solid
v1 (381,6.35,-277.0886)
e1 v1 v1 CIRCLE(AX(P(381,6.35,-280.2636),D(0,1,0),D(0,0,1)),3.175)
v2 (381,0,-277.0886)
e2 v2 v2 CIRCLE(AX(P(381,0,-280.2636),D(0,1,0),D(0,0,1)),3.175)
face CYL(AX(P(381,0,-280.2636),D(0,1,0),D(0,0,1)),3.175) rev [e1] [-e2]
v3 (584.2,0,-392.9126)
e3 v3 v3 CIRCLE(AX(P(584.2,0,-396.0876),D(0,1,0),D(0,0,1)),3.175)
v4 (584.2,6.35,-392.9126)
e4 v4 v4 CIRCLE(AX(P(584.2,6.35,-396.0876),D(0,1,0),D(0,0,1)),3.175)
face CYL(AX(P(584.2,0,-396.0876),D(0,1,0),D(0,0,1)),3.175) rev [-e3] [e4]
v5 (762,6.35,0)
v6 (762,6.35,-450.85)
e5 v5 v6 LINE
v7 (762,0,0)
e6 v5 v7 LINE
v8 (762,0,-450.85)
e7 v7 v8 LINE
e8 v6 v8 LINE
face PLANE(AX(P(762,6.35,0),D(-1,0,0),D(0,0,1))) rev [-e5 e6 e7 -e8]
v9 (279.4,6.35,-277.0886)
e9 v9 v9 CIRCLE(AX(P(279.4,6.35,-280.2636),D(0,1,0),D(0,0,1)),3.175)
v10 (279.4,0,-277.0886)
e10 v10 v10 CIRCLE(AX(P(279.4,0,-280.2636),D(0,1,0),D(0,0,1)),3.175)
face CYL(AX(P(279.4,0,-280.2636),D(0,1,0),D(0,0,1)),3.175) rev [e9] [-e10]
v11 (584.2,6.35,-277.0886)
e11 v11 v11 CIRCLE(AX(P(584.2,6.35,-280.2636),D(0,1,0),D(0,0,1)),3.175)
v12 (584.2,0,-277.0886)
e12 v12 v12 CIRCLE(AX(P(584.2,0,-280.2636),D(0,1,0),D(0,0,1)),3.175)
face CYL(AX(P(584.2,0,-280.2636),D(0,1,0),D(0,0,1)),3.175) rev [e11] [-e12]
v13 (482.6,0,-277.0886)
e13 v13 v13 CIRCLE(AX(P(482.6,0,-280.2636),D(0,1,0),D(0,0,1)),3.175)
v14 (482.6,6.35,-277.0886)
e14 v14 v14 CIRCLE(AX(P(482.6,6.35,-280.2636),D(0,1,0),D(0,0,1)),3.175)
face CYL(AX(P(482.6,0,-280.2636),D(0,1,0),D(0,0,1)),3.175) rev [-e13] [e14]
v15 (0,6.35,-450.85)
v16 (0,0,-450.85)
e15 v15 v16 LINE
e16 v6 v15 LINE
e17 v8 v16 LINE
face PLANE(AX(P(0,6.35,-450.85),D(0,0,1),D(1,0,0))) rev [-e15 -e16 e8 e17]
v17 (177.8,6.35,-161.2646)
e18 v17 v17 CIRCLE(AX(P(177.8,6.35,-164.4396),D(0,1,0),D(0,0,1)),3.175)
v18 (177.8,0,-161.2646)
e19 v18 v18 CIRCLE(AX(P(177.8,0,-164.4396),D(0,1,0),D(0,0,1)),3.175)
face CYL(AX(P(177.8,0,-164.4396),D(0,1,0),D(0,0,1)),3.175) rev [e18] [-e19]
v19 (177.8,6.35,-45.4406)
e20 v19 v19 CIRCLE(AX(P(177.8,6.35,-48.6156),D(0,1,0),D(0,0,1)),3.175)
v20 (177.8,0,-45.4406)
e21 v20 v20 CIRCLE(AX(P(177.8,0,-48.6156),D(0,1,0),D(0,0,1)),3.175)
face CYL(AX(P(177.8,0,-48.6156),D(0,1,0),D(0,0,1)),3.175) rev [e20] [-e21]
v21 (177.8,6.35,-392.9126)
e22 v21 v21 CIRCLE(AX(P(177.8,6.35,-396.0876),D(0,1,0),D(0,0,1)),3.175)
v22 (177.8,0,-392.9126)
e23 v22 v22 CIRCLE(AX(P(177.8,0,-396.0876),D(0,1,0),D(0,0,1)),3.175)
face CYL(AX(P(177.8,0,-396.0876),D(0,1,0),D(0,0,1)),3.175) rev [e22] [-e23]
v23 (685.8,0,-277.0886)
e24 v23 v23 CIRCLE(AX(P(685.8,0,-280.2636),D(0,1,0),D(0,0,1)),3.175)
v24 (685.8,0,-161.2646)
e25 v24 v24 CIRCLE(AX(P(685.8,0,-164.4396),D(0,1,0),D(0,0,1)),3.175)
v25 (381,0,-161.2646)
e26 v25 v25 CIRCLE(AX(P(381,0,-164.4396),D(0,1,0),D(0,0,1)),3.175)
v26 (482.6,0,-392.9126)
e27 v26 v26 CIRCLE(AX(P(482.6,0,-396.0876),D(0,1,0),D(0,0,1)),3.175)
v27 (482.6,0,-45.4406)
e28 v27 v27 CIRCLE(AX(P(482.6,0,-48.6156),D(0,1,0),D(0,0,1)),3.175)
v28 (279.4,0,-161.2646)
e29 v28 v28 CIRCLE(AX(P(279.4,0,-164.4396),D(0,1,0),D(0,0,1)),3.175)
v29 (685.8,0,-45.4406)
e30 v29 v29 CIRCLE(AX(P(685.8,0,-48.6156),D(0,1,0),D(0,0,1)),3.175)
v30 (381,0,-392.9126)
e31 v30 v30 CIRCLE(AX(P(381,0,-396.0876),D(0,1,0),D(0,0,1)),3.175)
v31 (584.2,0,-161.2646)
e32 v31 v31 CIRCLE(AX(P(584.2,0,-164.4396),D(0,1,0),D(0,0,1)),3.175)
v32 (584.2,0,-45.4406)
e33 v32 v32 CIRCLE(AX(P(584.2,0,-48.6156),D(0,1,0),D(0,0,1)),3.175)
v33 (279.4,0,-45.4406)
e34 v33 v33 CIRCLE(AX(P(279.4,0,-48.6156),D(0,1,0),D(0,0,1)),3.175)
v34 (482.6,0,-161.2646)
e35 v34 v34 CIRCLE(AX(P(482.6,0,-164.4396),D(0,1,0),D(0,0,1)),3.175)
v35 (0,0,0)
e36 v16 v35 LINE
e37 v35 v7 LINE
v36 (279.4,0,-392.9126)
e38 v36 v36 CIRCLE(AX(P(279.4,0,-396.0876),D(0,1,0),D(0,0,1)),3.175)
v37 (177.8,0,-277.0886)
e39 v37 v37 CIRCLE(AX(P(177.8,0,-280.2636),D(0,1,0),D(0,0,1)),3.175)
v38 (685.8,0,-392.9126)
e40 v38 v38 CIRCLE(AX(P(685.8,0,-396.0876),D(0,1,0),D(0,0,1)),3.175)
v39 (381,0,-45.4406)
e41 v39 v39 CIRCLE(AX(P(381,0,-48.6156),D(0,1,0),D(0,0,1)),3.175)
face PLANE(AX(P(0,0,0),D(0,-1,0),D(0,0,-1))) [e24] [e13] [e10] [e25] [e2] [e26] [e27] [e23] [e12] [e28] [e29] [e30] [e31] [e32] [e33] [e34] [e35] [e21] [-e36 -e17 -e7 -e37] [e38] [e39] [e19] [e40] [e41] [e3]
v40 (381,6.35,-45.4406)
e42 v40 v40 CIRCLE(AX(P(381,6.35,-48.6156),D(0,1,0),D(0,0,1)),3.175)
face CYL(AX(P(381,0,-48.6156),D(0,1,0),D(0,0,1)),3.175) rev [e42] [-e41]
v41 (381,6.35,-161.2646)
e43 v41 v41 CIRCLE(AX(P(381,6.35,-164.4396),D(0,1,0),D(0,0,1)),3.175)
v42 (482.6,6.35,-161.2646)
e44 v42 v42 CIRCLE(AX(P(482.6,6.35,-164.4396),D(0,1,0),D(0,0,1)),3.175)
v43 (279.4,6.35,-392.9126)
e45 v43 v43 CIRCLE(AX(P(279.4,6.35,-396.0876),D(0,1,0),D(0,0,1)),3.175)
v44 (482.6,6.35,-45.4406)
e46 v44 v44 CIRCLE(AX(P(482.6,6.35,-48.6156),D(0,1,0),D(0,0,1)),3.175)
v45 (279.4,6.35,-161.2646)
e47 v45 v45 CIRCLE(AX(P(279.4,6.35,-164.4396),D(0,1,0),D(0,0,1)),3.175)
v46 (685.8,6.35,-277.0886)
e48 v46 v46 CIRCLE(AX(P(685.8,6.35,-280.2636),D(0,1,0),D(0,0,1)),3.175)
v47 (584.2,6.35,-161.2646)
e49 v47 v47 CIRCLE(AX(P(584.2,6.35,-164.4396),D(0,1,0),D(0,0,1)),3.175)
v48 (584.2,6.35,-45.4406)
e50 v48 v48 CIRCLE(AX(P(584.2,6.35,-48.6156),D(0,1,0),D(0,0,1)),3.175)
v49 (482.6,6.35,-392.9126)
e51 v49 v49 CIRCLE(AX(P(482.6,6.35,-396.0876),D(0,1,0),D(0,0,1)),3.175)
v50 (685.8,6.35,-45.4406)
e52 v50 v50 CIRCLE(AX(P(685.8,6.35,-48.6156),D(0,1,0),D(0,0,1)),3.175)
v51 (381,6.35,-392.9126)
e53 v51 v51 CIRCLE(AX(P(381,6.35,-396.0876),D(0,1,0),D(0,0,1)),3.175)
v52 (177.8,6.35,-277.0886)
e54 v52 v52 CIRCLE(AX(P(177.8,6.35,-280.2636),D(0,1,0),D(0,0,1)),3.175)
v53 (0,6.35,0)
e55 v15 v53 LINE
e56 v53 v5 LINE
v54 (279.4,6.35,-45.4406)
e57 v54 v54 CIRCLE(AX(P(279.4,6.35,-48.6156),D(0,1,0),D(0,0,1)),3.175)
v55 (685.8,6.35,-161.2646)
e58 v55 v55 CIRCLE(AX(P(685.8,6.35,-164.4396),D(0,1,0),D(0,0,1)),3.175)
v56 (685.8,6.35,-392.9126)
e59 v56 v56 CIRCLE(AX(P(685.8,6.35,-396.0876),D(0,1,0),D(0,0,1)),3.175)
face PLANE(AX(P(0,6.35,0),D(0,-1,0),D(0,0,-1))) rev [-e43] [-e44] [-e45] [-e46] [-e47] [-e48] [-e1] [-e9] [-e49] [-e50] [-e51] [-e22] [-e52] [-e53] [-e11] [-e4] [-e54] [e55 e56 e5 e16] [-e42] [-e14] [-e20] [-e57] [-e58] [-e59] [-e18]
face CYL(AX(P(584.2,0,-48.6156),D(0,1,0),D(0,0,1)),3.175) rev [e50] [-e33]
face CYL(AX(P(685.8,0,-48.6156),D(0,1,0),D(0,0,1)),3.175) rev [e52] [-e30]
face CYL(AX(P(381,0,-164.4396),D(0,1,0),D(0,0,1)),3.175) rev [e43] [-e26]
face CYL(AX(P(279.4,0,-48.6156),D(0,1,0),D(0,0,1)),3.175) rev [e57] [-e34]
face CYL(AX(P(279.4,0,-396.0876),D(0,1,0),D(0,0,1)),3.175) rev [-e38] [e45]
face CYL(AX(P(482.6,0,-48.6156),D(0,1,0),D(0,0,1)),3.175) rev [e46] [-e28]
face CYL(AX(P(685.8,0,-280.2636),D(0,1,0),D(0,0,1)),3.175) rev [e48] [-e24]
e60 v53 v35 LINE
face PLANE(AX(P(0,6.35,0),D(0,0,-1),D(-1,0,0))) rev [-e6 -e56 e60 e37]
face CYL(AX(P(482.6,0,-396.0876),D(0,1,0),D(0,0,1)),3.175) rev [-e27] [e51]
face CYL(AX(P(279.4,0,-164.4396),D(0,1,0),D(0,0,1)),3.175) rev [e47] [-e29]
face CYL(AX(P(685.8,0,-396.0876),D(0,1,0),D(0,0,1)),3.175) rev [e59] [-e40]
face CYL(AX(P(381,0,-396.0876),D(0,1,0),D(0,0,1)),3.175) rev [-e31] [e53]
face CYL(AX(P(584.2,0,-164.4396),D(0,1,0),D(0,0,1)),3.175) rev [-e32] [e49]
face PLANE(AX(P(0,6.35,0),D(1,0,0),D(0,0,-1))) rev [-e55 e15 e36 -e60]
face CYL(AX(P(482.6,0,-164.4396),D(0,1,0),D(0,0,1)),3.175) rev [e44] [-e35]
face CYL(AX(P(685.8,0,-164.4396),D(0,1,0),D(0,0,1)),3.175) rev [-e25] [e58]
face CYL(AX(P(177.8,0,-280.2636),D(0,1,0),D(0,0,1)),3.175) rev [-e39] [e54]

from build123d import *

# Parameters (mm, degrees)
SKETCH1_W           = 762
SKETCH1_H           = 450.85
BOSS_EXTRUDE1_DEPTH = 6.35
SKETCH2_R           = 3.175
CUT_EXTRUDE1_DEPTH  = 6.35


with BuildPart() as part:
    # Sketch1 → Boss-Extrude1 (new body)
    with BuildSketch(Plane(origin=(0, 0, 0), x_dir=(1, 0, 0), z_dir=(0, 1, 0))):
        with Locations((381, 225.425)):
            Rectangle(SKETCH1_W, SKETCH1_H)
    extrude(amount=BOSS_EXTRUDE1_DEPTH)

    # Sketch2 → Cut-Extrude1 (cut)
    with BuildSketch(Plane(origin=(0, 6.35, 0), x_dir=(1, 0, 0), z_dir=(0, 1, 0))):
        with Locations((177.8, 396.0876)):
            Circle(SKETCH2_R)
        with Locations((279.4, 396.0876)):
            Circle(SKETCH2_R)
        with Locations((381, 396.0876)):
            Circle(SKETCH2_R)
        with Locations((482.6, 396.0876)):
            Circle(SKETCH2_R)
        with Locations((177.8, 280.2636)):
            Circle(SKETCH2_R)
        with Locations((279.4, 280.2636)):
            Circle(SKETCH2_R)
        with Locations((381, 280.2636)):
            Circle(SKETCH2_R)
        with Locations((482.6, 280.2636)):
            Circle(SKETCH2_R)
        with Locations((177.8, 164.4396)):
            Circle(SKETCH2_R)
        with Locations((279.4, 164.4396)):
            Circle(SKETCH2_R)
        with Locations((381, 164.4396)):
            Circle(SKETCH2_R)
        with Locations((482.6, 164.4396)):
            Circle(SKETCH2_R)
        with Locations((177.8, 48.6156)):
            Circle(SKETCH2_R)
        with Locations((279.4, 48.6156)):
            Circle(SKETCH2_R)
        with Locations((381, 48.6156)):
            Circle(SKETCH2_R)
        with Locations((482.6, 48.6156)):
            Circle(SKETCH2_R)
        with Locations((584.2, 396.0876)):
            Circle(SKETCH2_R)
        with Locations((685.8, 396.0876)):
            Circle(SKETCH2_R)
        with Locations((584.2, 280.2636)):
            Circle(SKETCH2_R)
        with Locations((685.8, 280.2636)):
            Circle(SKETCH2_R)
        with Locations((584.2, 164.4396)):
            Circle(SKETCH2_R)
        with Locations((685.8, 164.4396)):
            Circle(SKETCH2_R)
        with Locations((584.2, 48.6156)):
            Circle(SKETCH2_R)
        with Locations((685.8, 48.6156)):
            Circle(SKETCH2_R)
    extrude(amount=-CUT_EXTRUDE1_DEPTH, mode=Mode.SUBTRACT)


solid = part.part
